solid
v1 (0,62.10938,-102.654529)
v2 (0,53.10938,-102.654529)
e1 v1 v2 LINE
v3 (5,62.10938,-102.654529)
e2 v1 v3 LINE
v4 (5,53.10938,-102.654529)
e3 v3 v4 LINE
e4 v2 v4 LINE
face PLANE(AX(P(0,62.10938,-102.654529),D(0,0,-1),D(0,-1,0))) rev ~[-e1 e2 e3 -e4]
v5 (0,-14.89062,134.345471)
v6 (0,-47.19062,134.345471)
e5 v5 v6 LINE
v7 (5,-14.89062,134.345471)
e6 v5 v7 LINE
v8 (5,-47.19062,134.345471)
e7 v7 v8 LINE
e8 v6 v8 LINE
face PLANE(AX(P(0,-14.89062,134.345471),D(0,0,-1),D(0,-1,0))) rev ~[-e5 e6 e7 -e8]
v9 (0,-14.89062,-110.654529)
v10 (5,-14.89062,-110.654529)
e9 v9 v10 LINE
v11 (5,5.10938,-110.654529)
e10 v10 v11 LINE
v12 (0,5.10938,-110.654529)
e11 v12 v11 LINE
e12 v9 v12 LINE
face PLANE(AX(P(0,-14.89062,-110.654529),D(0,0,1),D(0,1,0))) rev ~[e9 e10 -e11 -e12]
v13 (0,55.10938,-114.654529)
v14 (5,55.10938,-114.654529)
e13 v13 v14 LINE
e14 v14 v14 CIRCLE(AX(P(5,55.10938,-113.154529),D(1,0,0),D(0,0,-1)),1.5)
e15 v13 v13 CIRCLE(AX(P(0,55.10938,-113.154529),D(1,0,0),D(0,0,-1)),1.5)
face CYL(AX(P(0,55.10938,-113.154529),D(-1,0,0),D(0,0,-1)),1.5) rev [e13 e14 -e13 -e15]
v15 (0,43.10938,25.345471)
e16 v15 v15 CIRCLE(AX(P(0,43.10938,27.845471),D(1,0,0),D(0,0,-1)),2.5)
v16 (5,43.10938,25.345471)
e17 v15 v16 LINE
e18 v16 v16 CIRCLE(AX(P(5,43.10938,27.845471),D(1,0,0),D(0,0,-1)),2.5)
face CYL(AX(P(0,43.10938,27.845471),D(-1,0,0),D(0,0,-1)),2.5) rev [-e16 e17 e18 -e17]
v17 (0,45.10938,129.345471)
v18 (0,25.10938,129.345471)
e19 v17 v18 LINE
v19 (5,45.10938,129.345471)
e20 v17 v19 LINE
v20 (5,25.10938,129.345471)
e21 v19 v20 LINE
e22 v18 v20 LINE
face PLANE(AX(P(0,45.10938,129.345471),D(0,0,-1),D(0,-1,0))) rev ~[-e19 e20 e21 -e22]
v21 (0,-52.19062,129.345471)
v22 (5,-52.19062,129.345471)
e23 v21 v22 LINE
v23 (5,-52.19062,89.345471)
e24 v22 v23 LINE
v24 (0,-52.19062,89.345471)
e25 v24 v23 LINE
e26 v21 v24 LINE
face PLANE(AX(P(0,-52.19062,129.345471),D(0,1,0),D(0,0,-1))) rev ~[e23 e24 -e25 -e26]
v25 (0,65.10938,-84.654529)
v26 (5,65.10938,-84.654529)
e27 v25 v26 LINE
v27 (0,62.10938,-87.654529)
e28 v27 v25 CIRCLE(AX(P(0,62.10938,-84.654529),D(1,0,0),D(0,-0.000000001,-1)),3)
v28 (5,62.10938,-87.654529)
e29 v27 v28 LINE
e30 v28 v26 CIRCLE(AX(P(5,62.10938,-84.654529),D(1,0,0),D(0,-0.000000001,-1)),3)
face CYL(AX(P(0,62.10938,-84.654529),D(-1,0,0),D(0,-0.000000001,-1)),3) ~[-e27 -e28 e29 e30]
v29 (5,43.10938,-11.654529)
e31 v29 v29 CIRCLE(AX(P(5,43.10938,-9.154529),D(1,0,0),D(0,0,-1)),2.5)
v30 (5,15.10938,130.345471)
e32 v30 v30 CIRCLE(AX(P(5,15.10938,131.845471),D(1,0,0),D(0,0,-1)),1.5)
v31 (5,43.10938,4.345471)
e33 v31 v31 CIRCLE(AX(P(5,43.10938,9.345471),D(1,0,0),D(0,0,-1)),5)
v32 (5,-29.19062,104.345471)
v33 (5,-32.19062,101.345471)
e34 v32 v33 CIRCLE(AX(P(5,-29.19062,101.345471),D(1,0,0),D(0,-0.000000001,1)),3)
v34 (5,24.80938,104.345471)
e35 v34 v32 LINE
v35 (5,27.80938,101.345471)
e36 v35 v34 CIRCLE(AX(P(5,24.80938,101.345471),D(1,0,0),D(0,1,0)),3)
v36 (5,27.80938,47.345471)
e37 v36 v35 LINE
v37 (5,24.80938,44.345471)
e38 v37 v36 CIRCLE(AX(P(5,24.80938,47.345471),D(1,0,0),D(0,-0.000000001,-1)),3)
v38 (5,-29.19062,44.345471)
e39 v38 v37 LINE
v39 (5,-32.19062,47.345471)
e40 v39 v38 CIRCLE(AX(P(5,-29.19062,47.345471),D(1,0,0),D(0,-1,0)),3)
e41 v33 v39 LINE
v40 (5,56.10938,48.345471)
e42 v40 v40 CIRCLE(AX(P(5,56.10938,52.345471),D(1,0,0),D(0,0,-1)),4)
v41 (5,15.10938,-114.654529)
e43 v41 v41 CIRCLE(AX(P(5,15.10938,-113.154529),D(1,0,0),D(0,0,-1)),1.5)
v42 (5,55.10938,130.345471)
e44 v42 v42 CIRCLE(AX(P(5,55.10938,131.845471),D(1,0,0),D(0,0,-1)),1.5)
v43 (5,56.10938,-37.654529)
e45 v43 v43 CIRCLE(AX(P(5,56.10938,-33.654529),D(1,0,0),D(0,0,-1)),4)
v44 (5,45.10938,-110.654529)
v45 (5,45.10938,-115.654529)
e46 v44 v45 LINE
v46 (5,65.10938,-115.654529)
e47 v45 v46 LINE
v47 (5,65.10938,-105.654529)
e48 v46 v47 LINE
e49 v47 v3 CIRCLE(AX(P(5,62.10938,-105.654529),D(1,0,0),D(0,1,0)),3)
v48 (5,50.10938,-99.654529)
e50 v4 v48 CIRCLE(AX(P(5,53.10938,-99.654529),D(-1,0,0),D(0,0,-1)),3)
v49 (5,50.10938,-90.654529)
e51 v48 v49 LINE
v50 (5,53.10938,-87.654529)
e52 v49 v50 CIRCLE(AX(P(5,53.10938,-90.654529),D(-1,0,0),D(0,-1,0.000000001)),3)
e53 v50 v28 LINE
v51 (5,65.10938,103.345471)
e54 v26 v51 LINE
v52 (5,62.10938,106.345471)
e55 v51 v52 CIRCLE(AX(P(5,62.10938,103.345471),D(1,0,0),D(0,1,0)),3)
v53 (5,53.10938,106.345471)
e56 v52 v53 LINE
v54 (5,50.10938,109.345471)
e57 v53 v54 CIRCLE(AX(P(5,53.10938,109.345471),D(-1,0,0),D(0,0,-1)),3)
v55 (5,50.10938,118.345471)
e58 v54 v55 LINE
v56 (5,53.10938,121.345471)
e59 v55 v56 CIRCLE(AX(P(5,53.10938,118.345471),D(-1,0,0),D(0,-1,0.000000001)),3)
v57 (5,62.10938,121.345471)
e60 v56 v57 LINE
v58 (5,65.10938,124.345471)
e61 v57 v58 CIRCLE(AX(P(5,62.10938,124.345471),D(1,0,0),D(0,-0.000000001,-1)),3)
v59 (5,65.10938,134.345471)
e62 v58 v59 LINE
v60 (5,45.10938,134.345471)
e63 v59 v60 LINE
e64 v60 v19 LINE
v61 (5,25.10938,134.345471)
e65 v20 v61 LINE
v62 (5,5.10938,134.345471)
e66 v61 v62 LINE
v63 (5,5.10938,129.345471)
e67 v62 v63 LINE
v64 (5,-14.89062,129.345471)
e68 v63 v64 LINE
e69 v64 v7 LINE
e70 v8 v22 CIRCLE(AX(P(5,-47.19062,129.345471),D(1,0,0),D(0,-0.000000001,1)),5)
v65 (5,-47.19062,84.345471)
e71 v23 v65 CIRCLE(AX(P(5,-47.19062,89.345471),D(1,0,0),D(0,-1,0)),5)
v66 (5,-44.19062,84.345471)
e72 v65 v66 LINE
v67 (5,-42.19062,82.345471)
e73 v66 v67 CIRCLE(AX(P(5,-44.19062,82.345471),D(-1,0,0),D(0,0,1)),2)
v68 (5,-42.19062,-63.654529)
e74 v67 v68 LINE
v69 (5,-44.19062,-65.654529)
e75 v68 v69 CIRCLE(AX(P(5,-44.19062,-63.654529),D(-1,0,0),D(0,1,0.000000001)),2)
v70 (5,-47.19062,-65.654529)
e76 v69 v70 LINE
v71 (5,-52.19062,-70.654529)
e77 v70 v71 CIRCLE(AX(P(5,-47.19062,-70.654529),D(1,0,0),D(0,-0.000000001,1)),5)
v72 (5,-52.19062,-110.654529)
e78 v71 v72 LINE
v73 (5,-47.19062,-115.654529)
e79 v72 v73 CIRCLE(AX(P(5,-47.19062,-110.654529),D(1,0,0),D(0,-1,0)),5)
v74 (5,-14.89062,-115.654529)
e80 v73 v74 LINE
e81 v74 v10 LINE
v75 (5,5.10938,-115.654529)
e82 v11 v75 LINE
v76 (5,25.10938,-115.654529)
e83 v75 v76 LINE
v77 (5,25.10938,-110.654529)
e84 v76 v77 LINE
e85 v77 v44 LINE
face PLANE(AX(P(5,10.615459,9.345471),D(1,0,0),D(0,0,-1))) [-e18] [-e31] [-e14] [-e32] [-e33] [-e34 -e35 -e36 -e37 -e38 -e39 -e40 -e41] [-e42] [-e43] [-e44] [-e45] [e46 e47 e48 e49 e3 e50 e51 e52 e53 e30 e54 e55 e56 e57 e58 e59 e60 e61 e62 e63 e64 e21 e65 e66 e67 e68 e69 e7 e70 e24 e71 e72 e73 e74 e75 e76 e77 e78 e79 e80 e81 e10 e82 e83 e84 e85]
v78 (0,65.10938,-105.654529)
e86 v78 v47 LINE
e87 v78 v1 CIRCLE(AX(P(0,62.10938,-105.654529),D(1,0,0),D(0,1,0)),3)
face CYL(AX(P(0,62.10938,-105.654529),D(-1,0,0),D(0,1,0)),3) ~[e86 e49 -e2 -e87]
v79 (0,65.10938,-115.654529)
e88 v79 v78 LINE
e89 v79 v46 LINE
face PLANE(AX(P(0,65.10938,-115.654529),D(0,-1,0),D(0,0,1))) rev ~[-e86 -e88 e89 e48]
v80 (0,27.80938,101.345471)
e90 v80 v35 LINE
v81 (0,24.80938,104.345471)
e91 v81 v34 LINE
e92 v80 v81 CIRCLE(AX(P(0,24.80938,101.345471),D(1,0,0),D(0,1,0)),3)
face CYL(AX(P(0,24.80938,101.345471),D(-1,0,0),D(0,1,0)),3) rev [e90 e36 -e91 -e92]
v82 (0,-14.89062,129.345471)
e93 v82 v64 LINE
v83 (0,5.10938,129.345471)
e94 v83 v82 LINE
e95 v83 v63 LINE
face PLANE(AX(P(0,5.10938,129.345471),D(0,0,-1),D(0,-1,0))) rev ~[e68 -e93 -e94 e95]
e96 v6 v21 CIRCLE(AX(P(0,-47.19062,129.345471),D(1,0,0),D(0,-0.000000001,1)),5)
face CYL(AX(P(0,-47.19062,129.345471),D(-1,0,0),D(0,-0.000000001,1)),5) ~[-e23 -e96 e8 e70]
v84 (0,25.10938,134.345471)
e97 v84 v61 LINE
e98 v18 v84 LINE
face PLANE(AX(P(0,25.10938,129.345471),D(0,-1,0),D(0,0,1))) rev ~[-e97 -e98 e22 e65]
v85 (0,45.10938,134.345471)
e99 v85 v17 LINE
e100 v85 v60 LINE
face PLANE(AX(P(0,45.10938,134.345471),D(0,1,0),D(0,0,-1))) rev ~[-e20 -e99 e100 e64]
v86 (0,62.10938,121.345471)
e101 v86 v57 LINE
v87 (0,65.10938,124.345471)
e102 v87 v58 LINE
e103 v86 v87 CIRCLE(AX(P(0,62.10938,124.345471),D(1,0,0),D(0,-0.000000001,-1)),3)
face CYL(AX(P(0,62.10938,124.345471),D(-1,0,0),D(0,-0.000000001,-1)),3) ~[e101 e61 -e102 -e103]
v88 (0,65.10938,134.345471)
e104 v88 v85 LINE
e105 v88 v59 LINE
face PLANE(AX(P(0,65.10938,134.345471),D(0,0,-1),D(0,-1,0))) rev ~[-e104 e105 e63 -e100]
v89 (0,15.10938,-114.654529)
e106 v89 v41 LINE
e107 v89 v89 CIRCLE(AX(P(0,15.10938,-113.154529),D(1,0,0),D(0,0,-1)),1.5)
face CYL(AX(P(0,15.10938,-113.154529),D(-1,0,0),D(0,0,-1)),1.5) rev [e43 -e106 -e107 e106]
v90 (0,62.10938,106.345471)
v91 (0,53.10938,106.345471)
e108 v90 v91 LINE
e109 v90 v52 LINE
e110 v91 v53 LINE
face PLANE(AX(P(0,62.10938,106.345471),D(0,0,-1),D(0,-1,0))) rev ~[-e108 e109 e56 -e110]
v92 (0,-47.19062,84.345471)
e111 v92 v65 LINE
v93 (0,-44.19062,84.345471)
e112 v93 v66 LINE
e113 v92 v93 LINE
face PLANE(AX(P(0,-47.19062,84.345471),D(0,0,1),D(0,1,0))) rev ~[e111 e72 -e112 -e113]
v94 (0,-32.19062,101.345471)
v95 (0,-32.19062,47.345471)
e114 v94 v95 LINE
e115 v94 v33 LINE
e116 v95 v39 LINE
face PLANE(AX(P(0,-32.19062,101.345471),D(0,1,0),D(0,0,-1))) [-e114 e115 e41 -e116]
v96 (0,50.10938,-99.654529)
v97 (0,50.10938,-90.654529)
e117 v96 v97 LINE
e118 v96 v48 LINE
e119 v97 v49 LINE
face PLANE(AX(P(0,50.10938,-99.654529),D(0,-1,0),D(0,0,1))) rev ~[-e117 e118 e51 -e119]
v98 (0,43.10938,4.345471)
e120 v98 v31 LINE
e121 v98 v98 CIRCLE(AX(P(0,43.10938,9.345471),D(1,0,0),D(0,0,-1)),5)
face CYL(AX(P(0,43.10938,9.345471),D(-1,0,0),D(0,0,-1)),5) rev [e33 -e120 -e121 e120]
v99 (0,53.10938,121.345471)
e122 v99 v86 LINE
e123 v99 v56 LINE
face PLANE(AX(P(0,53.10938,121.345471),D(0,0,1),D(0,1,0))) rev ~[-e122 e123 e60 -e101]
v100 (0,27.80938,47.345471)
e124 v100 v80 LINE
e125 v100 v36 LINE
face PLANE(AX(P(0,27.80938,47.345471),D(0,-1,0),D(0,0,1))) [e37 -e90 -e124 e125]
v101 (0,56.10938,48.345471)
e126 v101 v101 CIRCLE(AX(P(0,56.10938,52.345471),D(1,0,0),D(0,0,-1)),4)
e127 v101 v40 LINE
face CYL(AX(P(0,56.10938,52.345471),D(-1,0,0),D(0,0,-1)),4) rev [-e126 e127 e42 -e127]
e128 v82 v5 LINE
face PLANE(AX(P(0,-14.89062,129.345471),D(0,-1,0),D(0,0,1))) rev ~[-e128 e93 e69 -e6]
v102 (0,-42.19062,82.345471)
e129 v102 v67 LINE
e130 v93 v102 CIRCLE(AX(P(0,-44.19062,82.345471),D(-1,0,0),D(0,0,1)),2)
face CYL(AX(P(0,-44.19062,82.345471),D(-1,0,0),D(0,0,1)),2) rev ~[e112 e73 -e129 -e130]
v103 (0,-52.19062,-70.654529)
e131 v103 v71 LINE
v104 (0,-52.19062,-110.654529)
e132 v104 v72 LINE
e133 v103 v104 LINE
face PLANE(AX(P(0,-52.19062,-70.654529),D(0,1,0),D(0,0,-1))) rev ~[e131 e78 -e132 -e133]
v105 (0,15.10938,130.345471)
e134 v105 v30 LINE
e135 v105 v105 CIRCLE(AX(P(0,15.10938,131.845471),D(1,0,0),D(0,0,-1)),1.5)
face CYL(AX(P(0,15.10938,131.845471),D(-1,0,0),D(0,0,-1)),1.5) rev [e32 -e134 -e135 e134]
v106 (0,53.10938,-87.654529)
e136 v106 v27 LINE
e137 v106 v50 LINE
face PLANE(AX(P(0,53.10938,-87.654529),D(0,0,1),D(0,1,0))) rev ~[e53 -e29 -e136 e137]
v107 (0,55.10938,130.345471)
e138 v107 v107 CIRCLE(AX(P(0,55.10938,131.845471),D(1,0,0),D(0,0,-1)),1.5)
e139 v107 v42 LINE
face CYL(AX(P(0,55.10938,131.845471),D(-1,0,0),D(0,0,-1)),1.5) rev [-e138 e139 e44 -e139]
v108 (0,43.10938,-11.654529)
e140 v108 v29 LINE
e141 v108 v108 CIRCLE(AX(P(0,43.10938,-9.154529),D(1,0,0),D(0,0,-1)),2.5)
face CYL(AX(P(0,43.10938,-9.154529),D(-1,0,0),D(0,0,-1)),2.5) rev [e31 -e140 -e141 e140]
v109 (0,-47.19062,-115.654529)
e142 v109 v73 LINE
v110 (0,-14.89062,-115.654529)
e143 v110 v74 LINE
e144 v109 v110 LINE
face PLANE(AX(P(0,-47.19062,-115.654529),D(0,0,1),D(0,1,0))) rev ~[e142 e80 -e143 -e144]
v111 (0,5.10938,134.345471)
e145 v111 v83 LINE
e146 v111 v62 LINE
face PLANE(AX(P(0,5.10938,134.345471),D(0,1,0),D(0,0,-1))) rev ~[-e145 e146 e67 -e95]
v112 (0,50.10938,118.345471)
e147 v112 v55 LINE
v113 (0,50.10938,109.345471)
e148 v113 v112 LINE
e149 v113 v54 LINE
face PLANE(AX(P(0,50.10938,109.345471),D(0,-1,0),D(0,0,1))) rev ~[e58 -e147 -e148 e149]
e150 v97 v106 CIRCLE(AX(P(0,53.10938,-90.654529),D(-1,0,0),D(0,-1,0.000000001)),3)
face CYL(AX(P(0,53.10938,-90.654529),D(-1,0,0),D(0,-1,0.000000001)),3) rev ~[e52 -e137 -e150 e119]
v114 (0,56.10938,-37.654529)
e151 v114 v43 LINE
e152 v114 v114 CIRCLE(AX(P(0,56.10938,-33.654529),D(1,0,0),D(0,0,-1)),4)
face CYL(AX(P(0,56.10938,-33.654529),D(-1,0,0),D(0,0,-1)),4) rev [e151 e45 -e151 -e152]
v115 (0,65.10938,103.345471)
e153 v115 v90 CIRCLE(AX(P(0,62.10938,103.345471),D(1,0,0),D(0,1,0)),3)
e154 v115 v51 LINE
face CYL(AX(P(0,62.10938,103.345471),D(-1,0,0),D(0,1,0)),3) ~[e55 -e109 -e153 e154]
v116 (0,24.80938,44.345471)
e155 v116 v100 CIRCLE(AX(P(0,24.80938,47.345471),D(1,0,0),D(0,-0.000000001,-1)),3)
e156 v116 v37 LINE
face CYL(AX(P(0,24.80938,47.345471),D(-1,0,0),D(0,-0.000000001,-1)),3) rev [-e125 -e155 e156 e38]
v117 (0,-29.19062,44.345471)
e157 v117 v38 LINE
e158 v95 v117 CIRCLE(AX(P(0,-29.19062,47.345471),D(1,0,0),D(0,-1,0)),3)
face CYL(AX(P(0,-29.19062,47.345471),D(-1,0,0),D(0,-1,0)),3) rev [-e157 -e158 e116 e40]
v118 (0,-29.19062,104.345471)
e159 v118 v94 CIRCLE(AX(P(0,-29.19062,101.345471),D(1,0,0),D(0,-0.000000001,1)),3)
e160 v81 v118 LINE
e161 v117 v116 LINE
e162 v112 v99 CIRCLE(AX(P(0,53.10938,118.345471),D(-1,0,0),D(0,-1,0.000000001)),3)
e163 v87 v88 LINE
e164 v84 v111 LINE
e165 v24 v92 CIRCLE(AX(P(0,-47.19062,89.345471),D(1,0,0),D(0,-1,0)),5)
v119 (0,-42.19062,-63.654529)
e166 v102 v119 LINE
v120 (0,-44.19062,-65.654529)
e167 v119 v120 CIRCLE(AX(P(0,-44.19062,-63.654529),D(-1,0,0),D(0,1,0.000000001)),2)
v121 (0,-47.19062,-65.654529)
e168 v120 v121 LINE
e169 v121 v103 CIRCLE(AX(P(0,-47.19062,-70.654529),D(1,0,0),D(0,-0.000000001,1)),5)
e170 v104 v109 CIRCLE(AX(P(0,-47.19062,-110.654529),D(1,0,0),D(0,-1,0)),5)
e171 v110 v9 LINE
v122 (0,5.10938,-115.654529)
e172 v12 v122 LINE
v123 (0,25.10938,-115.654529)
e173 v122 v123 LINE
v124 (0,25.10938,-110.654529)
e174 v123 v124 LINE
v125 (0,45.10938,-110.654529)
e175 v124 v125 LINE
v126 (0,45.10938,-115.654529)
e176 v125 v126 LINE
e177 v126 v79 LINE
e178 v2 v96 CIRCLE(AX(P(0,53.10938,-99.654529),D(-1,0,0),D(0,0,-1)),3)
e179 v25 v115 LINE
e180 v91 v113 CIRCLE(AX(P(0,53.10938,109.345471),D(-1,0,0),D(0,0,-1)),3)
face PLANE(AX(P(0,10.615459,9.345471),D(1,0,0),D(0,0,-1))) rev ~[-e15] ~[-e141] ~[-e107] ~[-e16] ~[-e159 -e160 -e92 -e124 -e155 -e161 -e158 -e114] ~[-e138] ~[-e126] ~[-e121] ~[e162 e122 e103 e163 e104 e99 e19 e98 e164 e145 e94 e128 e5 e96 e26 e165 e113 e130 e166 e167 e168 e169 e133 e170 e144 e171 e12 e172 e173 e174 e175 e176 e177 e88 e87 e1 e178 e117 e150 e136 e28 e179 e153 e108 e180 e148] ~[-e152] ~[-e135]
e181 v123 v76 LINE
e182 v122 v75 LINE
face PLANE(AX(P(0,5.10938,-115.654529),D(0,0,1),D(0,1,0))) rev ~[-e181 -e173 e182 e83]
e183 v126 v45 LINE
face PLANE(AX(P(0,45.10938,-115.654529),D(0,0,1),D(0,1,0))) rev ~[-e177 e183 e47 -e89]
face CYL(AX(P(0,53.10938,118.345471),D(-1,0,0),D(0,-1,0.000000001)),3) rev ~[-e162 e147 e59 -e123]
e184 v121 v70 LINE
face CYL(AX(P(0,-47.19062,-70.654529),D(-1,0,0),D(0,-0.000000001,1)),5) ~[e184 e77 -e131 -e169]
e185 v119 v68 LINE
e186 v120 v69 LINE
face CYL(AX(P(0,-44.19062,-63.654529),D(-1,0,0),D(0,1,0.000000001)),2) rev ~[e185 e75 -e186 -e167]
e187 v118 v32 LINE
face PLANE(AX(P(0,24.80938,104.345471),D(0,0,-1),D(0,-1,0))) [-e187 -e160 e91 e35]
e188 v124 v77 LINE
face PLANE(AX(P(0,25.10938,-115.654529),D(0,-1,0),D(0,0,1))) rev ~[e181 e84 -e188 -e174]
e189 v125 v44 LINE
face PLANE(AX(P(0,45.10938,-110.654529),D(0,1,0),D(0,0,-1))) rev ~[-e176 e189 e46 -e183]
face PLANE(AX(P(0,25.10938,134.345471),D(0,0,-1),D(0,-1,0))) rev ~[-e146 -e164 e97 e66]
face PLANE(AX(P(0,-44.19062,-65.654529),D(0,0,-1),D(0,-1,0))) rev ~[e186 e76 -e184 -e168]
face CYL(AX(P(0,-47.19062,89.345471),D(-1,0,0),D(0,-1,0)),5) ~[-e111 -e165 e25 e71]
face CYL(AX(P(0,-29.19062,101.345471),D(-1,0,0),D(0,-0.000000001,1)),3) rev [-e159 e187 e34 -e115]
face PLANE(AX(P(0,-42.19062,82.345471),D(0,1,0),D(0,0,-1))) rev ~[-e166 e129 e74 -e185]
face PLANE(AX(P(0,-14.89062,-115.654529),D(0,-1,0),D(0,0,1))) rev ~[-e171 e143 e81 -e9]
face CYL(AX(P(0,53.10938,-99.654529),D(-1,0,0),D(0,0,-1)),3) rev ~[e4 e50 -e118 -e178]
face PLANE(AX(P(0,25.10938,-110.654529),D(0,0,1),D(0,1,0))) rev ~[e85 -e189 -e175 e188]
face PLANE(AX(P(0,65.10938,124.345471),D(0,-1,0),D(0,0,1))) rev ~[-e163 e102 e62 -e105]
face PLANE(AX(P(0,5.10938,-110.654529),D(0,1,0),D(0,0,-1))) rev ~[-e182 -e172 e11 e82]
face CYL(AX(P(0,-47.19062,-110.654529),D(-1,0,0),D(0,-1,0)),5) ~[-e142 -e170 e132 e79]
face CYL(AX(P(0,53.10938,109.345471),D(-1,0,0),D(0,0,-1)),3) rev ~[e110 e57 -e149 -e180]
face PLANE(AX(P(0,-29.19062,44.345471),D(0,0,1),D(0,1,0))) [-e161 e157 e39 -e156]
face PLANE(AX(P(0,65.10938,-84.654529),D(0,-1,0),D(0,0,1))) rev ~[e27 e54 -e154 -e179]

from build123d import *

# Parameters (mm, degrees)
SKETCH_1_R      = 4
SKETCH_1_R_2    = 5
SKETCH_1_R_3    = 2.5
SKETCH_1_R_4    = 1.5
EXTRUDE_1_DEPTH = 5


with BuildPart() as part:
    # 草图1 → 凸台-拉伸1 (new body)
    with BuildSketch(Plane(origin=(0, 0, 0), x_dir=(0, 0, -1), z_dir=(1, 0, 0))):
        with BuildLine():
            Line((-84.345470911, -47.190619808), (-84.345470911, -44.190619808))
            ThreePointArc((-84.345470911, -44.190619808), (-83.759684473, -42.776406245), (-82.345470911, -42.190619808))
            Line((-82.345470911, -42.190619808), (63.654529089, -42.190619808))
            ThreePointArc((63.654529089, -42.190619808), (65.068742652, -42.776406245), (65.654529089, -44.190619808))
            Line((65.654529089, -44.190619808), (65.654529089, -47.190619808))
            ThreePointArc((65.654529089, -47.190619808), (67.118995184, -50.726153713), (70.654529089, -52.190619808))
            Line((70.654529089, -52.190619808), (110.654529089, -52.190619808))
            ThreePointArc((110.654529089, -52.190619808), (114.190062995, -50.726153713), (115.654529089, -47.190619808))
            Line((115.654529089, -47.190619808), (115.654529089, -14.890619808))
            Line((115.654529089, -14.890619808), (110.654529089, -14.890619808))
            Line((110.654529089, -14.890619808), (110.654529089, 5.109380192))
            Line((110.654529089, 5.109380192), (115.654529089, 5.109380192))
            Line((115.654529089, 5.109380192), (115.654529089, 25.109380192))
            Line((115.654529089, 25.109380192), (110.654529089, 25.109380192))
            Line((110.654529089, 25.109380192), (110.654529089, 45.109380192))
            Line((110.654529089, 45.109380192), (115.654529089, 45.109380192))
            Line((115.654529089, 45.109380192), (115.654529089, 65.109380192))
            Line((115.654529089, 65.109380192), (105.654529089, 65.109380192))
            ThreePointArc((105.654529089, 65.109380192), (103.533208746, 64.230700536), (102.654529089, 62.109380192))
            Line((102.654529089, 62.109380192), (102.654529089, 53.109380192))
            ThreePointArc((102.654529089, 53.109380192), (101.775849433, 50.988059849), (99.654529089, 50.109380192))
            Line((99.654529089, 50.109380192), (90.654529089, 50.109380192))
            ThreePointArc((90.654529089, 50.109380192), (88.533208746, 50.988059849), (87.654529089, 53.109380192))
            Line((87.654529089, 53.109380192), (87.654529089, 62.109380192))
            ThreePointArc((87.654529089, 62.109380192), (86.775849433, 64.230700536), (84.654529089, 65.109380192))
            Line((84.654529089, 65.109380192), (-103.345470911, 65.109380192))
            ThreePointArc((-103.345470911, 65.109380192), (-105.466791254, 64.230700536), (-106.345470911, 62.109380192))
            Line((-106.345470911, 62.109380192), (-106.345470911, 53.109380192))
            ThreePointArc((-106.345470911, 53.109380192), (-107.224150567, 50.988059849), (-109.345470911, 50.109380192))
            Line((-109.345470911, 50.109380192), (-118.345470911, 50.109380192))
            ThreePointArc((-118.345470911, 50.109380192), (-120.466791254, 50.988059849), (-121.345470911, 53.109380192))
            Line((-121.345470911, 53.109380192), (-121.345470911, 62.109380192))
            ThreePointArc((-121.345470911, 62.109380192), (-122.224150567, 64.230700536), (-124.345470911, 65.109380192))
            Line((-124.345470911, 65.109380192), (-134.345470911, 65.109380192))
            Line((-134.345470911, 65.109380192), (-134.345470911, 45.109380192))
            Line((-134.345470911, 45.109380192), (-129.345470911, 45.109380192))
            Line((-129.345470911, 45.109380192), (-129.345470911, 25.109380192))
            Line((-129.345470911, 25.109380192), (-134.345470911, 25.109380192))
            Line((-134.345470911, 25.109380192), (-134.345470911, 5.109380192))
            Line((-134.345470911, 5.109380192), (-129.345470911, 5.109380192))
            Line((-129.345470911, 5.109380192), (-129.345470911, -14.890619808))
            Line((-129.345470911, -14.890619808), (-134.345470911, -14.890619808))
            Line((-134.345470911, -14.890619808), (-134.345470911, -47.190619808))
            ThreePointArc((-134.345470911, -47.190619808), (-132.881004816, -50.726153713), (-129.345470911, -52.190619808))
            Line((-129.345470911, -52.190619808), (-89.345470911, -52.190619808))
            ThreePointArc((-89.345470911, -52.190619808), (-85.809937005, -50.726153713), (-84.345470911, -47.190619808))
        make_face()
        with Locations((33.654529089, 56.109380192)):
            Circle(SKETCH_1_R, mode=Mode.SUBTRACT)
        with Locations((-52.345470911, 56.109380192)):
            Circle(SKETCH_1_R, mode=Mode.SUBTRACT)
        with Locations((-9.345470911, 43.109380192)):
            Circle(SKETCH_1_R_2, mode=Mode.SUBTRACT)
        with Locations((9.154529089, 43.109380192)):
            Circle(SKETCH_1_R_3, mode=Mode.SUBTRACT)
        with Locations((-27.845470911, 43.109380192)):
            Circle(SKETCH_1_R_3, mode=Mode.SUBTRACT)
        with Locations((113.154529089, 55.109380192)):
            Circle(SKETCH_1_R_4, mode=Mode.SUBTRACT)
        with Locations((-131.845470911, 55.109380192)):
            Circle(SKETCH_1_R_4, mode=Mode.SUBTRACT)
        with Locations((-131.845470911, 15.109380192)):
            Circle(SKETCH_1_R_4, mode=Mode.SUBTRACT)
        with Locations((113.154529089, 15.109380192)):
            Circle(SKETCH_1_R_4, mode=Mode.SUBTRACT)
        with BuildLine():
            Line((-101.345470911, -32.190619808), (-47.345470911, -32.190619808))
            ThreePointArc((-47.345470911, -32.190619808), (-45.224150567, -31.311940151), (-44.345470911, -29.190619808))
            Line((-44.345470911, -29.190619808), (-44.345470911, 24.809380192))
            ThreePointArc((-44.345470911, 24.809380192), (-45.224150567, 26.930700536), (-47.345470911, 27.809380192))
            Line((-47.345470911, 27.809380192), (-101.345470911, 27.809380192))
            ThreePointArc((-101.345470911, 27.809380192), (-103.466791254, 26.930700536), (-104.345470911, 24.809380192))
            Line((-104.345470911, 24.809380192), (-104.345470911, -29.190619808))
            ThreePointArc((-104.345470911, -29.190619808), (-103.466791254, -31.311940151), (-101.345470911, -32.190619808))
        make_face(mode=Mode.SUBTRACT)
    extrude(amount=EXTRUDE_1_DEPTH)


solid = part.part
